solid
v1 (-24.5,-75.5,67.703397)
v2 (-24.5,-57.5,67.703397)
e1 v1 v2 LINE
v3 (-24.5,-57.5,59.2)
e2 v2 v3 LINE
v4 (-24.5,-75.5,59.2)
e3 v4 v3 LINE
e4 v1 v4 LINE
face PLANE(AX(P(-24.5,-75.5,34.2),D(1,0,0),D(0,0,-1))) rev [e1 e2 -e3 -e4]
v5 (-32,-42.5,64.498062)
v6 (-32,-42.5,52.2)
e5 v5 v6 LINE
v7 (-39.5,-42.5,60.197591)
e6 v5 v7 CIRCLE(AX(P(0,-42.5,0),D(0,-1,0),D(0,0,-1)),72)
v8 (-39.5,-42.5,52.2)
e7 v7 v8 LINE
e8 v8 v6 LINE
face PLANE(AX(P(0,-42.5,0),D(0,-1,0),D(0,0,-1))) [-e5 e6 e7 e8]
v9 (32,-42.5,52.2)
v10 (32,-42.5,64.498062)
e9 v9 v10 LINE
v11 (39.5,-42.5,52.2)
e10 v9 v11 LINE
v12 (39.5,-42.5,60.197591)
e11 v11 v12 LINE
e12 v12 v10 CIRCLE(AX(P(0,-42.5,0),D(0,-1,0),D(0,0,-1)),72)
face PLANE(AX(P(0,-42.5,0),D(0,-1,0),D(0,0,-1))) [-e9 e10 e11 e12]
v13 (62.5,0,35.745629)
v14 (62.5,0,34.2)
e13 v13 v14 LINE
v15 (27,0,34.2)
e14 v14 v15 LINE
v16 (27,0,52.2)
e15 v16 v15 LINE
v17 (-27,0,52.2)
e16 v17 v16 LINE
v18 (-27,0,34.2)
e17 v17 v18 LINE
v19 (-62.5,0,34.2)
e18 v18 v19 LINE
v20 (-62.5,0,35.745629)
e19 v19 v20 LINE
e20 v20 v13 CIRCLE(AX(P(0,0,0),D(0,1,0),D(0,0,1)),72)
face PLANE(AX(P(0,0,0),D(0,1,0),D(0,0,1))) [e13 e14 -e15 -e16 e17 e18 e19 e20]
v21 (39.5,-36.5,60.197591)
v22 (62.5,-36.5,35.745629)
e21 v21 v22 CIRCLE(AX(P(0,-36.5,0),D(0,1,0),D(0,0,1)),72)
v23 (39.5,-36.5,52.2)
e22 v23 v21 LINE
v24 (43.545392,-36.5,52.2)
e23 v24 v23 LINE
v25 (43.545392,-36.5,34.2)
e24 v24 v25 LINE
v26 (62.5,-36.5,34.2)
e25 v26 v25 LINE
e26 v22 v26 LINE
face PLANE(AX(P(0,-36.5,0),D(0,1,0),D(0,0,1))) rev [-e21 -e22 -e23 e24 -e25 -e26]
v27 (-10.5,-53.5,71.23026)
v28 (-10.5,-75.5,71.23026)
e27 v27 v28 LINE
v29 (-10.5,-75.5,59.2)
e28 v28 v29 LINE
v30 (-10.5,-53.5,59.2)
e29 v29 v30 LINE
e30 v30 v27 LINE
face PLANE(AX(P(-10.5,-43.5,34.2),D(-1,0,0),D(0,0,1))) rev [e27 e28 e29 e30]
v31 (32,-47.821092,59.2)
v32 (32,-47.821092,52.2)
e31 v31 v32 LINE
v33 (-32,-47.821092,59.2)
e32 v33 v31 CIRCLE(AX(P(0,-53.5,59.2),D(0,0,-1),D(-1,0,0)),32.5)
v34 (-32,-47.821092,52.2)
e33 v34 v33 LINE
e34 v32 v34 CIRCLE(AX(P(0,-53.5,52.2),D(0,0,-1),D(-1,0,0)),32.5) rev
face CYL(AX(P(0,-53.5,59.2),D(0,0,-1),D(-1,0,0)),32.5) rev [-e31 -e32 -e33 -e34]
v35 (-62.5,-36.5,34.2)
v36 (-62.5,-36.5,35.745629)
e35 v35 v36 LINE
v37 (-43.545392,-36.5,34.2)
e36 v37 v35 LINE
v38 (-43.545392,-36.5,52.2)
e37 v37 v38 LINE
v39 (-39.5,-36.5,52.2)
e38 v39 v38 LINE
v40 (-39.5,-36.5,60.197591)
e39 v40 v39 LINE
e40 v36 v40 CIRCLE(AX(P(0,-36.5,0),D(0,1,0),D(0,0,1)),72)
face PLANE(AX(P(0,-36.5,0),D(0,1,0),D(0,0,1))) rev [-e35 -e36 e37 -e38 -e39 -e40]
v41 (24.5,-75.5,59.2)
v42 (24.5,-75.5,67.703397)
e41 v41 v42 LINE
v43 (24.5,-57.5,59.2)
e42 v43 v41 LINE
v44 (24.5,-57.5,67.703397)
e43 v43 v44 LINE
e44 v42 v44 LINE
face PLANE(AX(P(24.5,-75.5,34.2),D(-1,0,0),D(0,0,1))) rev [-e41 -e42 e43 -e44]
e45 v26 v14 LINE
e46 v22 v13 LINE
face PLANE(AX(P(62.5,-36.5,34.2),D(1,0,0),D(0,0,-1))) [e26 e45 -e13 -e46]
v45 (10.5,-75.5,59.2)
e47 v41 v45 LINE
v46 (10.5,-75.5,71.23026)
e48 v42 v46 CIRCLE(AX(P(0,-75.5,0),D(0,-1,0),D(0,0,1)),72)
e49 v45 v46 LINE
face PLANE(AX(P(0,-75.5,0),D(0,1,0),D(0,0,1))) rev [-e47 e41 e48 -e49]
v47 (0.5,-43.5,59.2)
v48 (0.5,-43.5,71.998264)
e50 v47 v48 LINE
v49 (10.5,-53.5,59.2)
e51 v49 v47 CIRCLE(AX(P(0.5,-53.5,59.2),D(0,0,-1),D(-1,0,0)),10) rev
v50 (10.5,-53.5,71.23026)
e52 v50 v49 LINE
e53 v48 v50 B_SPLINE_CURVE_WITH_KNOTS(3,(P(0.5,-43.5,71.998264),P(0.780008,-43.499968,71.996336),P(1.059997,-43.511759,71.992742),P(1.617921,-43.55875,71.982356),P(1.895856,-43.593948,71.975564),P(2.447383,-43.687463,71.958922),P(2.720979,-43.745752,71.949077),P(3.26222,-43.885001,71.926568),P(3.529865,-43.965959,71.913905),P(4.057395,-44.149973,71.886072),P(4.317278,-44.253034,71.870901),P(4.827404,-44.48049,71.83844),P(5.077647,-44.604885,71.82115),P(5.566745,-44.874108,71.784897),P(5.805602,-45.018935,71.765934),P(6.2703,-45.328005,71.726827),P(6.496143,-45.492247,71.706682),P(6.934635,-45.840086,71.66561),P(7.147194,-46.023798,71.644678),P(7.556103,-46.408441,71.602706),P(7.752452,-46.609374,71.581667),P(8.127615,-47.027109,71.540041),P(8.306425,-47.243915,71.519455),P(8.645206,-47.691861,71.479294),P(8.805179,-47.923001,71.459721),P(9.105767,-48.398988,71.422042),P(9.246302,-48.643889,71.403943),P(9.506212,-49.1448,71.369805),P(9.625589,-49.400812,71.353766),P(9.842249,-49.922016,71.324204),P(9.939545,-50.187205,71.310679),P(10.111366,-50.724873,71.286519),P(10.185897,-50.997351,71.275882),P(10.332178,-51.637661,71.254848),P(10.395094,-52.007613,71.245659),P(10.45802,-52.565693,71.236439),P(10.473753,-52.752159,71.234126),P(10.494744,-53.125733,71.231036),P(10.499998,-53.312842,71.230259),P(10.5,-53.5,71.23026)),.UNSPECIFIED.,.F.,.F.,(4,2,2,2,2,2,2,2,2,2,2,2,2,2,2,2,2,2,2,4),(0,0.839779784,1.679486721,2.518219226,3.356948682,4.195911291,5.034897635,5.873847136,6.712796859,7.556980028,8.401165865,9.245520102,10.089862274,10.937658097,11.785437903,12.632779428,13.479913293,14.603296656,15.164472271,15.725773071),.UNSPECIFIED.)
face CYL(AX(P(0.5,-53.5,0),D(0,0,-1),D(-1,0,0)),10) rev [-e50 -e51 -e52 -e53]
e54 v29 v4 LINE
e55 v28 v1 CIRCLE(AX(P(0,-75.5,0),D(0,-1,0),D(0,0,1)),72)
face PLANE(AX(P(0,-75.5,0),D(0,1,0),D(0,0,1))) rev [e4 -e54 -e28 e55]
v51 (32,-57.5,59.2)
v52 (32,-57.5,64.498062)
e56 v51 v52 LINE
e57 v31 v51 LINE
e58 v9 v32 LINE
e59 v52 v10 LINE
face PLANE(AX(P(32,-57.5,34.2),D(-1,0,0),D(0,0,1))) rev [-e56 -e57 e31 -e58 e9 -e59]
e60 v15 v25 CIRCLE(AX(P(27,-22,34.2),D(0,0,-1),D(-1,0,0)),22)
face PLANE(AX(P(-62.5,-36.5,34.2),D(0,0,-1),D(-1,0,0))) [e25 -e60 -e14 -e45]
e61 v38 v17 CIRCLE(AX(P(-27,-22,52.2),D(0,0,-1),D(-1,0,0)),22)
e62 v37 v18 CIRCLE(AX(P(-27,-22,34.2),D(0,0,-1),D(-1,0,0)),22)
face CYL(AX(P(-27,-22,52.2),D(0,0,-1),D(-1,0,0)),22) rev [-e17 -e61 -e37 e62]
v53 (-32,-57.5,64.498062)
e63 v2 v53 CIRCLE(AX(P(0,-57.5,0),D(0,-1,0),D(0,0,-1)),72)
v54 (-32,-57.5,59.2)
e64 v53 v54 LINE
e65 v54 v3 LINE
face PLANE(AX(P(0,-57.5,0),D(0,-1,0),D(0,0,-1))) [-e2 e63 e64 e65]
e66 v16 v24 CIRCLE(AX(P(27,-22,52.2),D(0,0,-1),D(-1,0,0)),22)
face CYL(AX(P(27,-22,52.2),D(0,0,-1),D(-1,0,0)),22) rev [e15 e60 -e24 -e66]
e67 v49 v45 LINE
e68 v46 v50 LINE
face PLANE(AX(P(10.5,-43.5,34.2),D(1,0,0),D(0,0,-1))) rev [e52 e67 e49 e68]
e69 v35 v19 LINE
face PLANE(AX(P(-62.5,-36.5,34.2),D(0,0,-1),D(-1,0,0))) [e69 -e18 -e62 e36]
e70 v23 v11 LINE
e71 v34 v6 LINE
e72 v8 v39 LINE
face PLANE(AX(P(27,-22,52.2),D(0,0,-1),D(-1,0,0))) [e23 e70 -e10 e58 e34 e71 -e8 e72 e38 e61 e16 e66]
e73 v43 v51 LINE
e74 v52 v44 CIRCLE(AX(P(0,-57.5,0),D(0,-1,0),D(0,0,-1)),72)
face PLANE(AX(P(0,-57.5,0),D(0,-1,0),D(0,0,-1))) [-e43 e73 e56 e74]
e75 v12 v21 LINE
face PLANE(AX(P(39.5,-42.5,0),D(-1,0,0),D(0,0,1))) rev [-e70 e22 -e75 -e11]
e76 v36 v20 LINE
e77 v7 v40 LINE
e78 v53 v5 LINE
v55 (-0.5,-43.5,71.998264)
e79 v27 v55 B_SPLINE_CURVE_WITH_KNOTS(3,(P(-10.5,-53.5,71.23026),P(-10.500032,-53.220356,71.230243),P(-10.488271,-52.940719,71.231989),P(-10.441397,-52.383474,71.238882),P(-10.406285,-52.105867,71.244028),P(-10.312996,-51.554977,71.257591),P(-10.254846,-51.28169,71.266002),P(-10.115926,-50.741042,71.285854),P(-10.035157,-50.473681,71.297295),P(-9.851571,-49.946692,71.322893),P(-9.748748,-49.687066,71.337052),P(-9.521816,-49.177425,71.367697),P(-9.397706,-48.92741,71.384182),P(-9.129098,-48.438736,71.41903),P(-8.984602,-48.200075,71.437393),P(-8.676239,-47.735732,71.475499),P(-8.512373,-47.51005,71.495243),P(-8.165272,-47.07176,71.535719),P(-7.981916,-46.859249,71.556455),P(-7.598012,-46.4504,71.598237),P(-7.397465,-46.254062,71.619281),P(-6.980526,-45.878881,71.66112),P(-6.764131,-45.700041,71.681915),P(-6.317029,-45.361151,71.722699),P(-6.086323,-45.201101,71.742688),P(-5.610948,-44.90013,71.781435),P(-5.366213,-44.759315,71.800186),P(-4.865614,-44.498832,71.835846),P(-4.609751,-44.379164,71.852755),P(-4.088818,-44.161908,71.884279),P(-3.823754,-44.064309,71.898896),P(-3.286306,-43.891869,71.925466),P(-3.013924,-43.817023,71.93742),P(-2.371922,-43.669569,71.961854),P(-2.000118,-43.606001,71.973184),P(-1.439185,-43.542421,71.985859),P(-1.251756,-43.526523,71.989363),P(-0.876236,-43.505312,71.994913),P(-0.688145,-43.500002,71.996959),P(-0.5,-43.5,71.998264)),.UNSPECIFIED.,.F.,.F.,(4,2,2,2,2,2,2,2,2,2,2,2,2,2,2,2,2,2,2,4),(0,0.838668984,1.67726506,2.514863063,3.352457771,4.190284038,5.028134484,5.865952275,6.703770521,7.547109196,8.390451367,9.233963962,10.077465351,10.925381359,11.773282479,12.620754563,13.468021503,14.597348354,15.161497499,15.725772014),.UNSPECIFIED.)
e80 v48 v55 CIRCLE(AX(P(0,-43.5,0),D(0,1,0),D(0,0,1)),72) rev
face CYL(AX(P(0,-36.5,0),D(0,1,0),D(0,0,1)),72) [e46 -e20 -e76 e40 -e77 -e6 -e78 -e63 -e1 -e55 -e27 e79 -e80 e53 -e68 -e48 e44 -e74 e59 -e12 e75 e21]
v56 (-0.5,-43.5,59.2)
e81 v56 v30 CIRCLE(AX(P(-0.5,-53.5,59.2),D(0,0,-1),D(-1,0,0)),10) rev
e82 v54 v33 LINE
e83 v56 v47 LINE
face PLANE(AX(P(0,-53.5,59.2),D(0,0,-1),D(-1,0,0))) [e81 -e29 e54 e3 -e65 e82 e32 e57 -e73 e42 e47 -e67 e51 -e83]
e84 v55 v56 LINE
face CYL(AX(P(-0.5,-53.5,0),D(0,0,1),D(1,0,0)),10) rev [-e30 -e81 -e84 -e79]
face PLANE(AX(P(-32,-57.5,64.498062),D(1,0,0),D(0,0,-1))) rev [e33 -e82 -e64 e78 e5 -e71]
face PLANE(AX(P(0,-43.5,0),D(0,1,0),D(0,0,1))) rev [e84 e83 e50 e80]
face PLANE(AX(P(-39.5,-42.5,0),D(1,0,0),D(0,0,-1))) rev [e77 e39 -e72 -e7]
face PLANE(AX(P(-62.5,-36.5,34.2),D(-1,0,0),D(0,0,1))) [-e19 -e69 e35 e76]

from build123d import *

# Parameters (mm, degrees)
BOSS_EXTRUDE1_DEPTH = 36.5
BOSS_EXTRUDE2_DEPTH = 6
BOSS_EXTRUDE3_DEPTH = 15
BOSS_EXTRUDE4_DEPTH = 18
CUT_EXTRUDE2_DEPTH  = 25
SKETCH5_W           = 21
SKETCH5_H           = 37.8
CUT_EXTRUDE1_DEPTH  = 32
FILLET1_R           = 10
CUT_EXTRUDE3_DEPTH  = 18
SKETCH9_W           = 86.823098523
SKETCH9_H           = 11.225168108
CUT_EXTRUDE4_DEPTH  = 18


with BuildPart() as part:
    # Sketch1 → Boss-Extrude1 (new body)
    with BuildSketch(Plane(origin=(0, 0, 0), x_dir=(1, 0, 0), z_dir=(0, 1, 0))):
        with BuildLine():
            Line((-62.5, -34.2), (-62.5, -35.745629103))
            ThreePointArc((-62.5, -35.745629103), (0, -72), (62.5, -35.745629103))
            Line((62.5, -35.745629103), (62.5, -34.2))
            Line((62.5, -34.2), (-62.5, -34.2))
        make_face()
    extrude(amount=-BOSS_EXTRUDE1_DEPTH)

    # Sketch2 → Boss-Extrude2 (add)
    with BuildSketch(Plane.XZ.offset(36.5)):
        with BuildLine():
            ThreePointArc((39.5, 60.197591314), (0, 72), (-39.5, 60.197591314))
            Line((-39.5, 60.197591314), (-39.5, 34.2))
            Line((-39.5, 34.2), (39.5, 34.2))
            Line((39.5, 34.2), (39.5, 60.197591314))
        make_face()
    extrude(amount=BOSS_EXTRUDE2_DEPTH)

    # Sketch3 → Boss-Extrude3 (add)
    with BuildSketch(Plane.XZ.offset(42.5)):
        with BuildLine():
            Line((-32, 64.498061986), (-32, 34.2))
            Line((-32, 34.2), (32, 34.2))
            Line((32, 34.2), (32, 64.498061986))
            ThreePointArc((32, 64.498061986), (0, 72), (-32, 64.498061986))
        make_face()
    extrude(amount=BOSS_EXTRUDE3_DEPTH)

    # Sketch4 → Boss-Extrude4 (add)
    with BuildSketch(Plane.XZ.offset(57.5)):
        with BuildLine():
            Line((-24.5, 34.2), (-24.5, 67.703397256))
            ThreePointArc((-24.5, 67.703397256), (0, 72), (24.5, 67.703397256))
            Line((24.5, 67.703397256), (24.5, 34.2))
            Line((24.5, 34.2), (-24.5, 34.2))
        make_face()
    extrude(amount=BOSS_EXTRUDE4_DEPTH)

    # Sketch7 → Cut-Extrude2 (cut)
    with BuildSketch(Plane(origin=(0, 0, 34.2), x_dir=(-1, 0, 0), z_dir=(0, 0, -1))):
        with BuildLine():
            Line((-32.5, -53.5), (-32.5, -86))
            Line((-32.5, -86), (32.5, -86))
            Line((32.5, -86), (32.5, -53.5))
            ThreePointArc((32.5, -53.5), (0, -21), (-32.5, -53.5))
        make_face()
    extrude(amount=-CUT_EXTRUDE2_DEPTH, mode=Mode.SUBTRACT)

    # Sketch5 → Cut-Extrude1 (cut)
    with BuildSketch(Plane.XZ.offset(75.5)):
        with Locations((0, 53.1)):
            Rectangle(SKETCH5_W, SKETCH5_H)
    extrude(amount=-CUT_EXTRUDE1_DEPTH, mode=Mode.SUBTRACT)

    # Fillet1
    fillet1_edges = [part.edges().sort_by_distance(p)[0] for p in [
        (-10.5, -43.5, 65.215130212),
        (10.5, -43.5, 65.215130212),
    ]]
    fillet(fillet1_edges, radius=FILLET1_R)

    # Sketch8 → Cut-Extrude3 (cut)
    with BuildSketch(Plane(origin=(0, 0, 34.2), x_dir=(-1, 0, 0), z_dir=(0, 0, -1))):
        with BuildLine():
            Line((-27, 0), (27, 0))
            ThreePointArc((27, 0), (49, -22), (27, -44))
            Line((27, -44), (-27, -44))
            ThreePointArc((-27, -44), (-49, -22), (-27, 0))
        make_face()
    extrude(amount=-CUT_EXTRUDE3_DEPTH, mode=Mode.SUBTRACT)

    # Sketch9 → Cut-Extrude4 (cut)
    with BuildSketch(Plane(origin=(0, 0, 34.2), x_dir=(-1, 0, 0), z_dir=(0, 0, -1))):
        with Locations((0.144250153, -44.182683468)):
            Rectangle(SKETCH9_W, SKETCH9_H)
    extrude(amount=-CUT_EXTRUDE4_DEPTH, mode=Mode.SUBTRACT)


solid = part.part
